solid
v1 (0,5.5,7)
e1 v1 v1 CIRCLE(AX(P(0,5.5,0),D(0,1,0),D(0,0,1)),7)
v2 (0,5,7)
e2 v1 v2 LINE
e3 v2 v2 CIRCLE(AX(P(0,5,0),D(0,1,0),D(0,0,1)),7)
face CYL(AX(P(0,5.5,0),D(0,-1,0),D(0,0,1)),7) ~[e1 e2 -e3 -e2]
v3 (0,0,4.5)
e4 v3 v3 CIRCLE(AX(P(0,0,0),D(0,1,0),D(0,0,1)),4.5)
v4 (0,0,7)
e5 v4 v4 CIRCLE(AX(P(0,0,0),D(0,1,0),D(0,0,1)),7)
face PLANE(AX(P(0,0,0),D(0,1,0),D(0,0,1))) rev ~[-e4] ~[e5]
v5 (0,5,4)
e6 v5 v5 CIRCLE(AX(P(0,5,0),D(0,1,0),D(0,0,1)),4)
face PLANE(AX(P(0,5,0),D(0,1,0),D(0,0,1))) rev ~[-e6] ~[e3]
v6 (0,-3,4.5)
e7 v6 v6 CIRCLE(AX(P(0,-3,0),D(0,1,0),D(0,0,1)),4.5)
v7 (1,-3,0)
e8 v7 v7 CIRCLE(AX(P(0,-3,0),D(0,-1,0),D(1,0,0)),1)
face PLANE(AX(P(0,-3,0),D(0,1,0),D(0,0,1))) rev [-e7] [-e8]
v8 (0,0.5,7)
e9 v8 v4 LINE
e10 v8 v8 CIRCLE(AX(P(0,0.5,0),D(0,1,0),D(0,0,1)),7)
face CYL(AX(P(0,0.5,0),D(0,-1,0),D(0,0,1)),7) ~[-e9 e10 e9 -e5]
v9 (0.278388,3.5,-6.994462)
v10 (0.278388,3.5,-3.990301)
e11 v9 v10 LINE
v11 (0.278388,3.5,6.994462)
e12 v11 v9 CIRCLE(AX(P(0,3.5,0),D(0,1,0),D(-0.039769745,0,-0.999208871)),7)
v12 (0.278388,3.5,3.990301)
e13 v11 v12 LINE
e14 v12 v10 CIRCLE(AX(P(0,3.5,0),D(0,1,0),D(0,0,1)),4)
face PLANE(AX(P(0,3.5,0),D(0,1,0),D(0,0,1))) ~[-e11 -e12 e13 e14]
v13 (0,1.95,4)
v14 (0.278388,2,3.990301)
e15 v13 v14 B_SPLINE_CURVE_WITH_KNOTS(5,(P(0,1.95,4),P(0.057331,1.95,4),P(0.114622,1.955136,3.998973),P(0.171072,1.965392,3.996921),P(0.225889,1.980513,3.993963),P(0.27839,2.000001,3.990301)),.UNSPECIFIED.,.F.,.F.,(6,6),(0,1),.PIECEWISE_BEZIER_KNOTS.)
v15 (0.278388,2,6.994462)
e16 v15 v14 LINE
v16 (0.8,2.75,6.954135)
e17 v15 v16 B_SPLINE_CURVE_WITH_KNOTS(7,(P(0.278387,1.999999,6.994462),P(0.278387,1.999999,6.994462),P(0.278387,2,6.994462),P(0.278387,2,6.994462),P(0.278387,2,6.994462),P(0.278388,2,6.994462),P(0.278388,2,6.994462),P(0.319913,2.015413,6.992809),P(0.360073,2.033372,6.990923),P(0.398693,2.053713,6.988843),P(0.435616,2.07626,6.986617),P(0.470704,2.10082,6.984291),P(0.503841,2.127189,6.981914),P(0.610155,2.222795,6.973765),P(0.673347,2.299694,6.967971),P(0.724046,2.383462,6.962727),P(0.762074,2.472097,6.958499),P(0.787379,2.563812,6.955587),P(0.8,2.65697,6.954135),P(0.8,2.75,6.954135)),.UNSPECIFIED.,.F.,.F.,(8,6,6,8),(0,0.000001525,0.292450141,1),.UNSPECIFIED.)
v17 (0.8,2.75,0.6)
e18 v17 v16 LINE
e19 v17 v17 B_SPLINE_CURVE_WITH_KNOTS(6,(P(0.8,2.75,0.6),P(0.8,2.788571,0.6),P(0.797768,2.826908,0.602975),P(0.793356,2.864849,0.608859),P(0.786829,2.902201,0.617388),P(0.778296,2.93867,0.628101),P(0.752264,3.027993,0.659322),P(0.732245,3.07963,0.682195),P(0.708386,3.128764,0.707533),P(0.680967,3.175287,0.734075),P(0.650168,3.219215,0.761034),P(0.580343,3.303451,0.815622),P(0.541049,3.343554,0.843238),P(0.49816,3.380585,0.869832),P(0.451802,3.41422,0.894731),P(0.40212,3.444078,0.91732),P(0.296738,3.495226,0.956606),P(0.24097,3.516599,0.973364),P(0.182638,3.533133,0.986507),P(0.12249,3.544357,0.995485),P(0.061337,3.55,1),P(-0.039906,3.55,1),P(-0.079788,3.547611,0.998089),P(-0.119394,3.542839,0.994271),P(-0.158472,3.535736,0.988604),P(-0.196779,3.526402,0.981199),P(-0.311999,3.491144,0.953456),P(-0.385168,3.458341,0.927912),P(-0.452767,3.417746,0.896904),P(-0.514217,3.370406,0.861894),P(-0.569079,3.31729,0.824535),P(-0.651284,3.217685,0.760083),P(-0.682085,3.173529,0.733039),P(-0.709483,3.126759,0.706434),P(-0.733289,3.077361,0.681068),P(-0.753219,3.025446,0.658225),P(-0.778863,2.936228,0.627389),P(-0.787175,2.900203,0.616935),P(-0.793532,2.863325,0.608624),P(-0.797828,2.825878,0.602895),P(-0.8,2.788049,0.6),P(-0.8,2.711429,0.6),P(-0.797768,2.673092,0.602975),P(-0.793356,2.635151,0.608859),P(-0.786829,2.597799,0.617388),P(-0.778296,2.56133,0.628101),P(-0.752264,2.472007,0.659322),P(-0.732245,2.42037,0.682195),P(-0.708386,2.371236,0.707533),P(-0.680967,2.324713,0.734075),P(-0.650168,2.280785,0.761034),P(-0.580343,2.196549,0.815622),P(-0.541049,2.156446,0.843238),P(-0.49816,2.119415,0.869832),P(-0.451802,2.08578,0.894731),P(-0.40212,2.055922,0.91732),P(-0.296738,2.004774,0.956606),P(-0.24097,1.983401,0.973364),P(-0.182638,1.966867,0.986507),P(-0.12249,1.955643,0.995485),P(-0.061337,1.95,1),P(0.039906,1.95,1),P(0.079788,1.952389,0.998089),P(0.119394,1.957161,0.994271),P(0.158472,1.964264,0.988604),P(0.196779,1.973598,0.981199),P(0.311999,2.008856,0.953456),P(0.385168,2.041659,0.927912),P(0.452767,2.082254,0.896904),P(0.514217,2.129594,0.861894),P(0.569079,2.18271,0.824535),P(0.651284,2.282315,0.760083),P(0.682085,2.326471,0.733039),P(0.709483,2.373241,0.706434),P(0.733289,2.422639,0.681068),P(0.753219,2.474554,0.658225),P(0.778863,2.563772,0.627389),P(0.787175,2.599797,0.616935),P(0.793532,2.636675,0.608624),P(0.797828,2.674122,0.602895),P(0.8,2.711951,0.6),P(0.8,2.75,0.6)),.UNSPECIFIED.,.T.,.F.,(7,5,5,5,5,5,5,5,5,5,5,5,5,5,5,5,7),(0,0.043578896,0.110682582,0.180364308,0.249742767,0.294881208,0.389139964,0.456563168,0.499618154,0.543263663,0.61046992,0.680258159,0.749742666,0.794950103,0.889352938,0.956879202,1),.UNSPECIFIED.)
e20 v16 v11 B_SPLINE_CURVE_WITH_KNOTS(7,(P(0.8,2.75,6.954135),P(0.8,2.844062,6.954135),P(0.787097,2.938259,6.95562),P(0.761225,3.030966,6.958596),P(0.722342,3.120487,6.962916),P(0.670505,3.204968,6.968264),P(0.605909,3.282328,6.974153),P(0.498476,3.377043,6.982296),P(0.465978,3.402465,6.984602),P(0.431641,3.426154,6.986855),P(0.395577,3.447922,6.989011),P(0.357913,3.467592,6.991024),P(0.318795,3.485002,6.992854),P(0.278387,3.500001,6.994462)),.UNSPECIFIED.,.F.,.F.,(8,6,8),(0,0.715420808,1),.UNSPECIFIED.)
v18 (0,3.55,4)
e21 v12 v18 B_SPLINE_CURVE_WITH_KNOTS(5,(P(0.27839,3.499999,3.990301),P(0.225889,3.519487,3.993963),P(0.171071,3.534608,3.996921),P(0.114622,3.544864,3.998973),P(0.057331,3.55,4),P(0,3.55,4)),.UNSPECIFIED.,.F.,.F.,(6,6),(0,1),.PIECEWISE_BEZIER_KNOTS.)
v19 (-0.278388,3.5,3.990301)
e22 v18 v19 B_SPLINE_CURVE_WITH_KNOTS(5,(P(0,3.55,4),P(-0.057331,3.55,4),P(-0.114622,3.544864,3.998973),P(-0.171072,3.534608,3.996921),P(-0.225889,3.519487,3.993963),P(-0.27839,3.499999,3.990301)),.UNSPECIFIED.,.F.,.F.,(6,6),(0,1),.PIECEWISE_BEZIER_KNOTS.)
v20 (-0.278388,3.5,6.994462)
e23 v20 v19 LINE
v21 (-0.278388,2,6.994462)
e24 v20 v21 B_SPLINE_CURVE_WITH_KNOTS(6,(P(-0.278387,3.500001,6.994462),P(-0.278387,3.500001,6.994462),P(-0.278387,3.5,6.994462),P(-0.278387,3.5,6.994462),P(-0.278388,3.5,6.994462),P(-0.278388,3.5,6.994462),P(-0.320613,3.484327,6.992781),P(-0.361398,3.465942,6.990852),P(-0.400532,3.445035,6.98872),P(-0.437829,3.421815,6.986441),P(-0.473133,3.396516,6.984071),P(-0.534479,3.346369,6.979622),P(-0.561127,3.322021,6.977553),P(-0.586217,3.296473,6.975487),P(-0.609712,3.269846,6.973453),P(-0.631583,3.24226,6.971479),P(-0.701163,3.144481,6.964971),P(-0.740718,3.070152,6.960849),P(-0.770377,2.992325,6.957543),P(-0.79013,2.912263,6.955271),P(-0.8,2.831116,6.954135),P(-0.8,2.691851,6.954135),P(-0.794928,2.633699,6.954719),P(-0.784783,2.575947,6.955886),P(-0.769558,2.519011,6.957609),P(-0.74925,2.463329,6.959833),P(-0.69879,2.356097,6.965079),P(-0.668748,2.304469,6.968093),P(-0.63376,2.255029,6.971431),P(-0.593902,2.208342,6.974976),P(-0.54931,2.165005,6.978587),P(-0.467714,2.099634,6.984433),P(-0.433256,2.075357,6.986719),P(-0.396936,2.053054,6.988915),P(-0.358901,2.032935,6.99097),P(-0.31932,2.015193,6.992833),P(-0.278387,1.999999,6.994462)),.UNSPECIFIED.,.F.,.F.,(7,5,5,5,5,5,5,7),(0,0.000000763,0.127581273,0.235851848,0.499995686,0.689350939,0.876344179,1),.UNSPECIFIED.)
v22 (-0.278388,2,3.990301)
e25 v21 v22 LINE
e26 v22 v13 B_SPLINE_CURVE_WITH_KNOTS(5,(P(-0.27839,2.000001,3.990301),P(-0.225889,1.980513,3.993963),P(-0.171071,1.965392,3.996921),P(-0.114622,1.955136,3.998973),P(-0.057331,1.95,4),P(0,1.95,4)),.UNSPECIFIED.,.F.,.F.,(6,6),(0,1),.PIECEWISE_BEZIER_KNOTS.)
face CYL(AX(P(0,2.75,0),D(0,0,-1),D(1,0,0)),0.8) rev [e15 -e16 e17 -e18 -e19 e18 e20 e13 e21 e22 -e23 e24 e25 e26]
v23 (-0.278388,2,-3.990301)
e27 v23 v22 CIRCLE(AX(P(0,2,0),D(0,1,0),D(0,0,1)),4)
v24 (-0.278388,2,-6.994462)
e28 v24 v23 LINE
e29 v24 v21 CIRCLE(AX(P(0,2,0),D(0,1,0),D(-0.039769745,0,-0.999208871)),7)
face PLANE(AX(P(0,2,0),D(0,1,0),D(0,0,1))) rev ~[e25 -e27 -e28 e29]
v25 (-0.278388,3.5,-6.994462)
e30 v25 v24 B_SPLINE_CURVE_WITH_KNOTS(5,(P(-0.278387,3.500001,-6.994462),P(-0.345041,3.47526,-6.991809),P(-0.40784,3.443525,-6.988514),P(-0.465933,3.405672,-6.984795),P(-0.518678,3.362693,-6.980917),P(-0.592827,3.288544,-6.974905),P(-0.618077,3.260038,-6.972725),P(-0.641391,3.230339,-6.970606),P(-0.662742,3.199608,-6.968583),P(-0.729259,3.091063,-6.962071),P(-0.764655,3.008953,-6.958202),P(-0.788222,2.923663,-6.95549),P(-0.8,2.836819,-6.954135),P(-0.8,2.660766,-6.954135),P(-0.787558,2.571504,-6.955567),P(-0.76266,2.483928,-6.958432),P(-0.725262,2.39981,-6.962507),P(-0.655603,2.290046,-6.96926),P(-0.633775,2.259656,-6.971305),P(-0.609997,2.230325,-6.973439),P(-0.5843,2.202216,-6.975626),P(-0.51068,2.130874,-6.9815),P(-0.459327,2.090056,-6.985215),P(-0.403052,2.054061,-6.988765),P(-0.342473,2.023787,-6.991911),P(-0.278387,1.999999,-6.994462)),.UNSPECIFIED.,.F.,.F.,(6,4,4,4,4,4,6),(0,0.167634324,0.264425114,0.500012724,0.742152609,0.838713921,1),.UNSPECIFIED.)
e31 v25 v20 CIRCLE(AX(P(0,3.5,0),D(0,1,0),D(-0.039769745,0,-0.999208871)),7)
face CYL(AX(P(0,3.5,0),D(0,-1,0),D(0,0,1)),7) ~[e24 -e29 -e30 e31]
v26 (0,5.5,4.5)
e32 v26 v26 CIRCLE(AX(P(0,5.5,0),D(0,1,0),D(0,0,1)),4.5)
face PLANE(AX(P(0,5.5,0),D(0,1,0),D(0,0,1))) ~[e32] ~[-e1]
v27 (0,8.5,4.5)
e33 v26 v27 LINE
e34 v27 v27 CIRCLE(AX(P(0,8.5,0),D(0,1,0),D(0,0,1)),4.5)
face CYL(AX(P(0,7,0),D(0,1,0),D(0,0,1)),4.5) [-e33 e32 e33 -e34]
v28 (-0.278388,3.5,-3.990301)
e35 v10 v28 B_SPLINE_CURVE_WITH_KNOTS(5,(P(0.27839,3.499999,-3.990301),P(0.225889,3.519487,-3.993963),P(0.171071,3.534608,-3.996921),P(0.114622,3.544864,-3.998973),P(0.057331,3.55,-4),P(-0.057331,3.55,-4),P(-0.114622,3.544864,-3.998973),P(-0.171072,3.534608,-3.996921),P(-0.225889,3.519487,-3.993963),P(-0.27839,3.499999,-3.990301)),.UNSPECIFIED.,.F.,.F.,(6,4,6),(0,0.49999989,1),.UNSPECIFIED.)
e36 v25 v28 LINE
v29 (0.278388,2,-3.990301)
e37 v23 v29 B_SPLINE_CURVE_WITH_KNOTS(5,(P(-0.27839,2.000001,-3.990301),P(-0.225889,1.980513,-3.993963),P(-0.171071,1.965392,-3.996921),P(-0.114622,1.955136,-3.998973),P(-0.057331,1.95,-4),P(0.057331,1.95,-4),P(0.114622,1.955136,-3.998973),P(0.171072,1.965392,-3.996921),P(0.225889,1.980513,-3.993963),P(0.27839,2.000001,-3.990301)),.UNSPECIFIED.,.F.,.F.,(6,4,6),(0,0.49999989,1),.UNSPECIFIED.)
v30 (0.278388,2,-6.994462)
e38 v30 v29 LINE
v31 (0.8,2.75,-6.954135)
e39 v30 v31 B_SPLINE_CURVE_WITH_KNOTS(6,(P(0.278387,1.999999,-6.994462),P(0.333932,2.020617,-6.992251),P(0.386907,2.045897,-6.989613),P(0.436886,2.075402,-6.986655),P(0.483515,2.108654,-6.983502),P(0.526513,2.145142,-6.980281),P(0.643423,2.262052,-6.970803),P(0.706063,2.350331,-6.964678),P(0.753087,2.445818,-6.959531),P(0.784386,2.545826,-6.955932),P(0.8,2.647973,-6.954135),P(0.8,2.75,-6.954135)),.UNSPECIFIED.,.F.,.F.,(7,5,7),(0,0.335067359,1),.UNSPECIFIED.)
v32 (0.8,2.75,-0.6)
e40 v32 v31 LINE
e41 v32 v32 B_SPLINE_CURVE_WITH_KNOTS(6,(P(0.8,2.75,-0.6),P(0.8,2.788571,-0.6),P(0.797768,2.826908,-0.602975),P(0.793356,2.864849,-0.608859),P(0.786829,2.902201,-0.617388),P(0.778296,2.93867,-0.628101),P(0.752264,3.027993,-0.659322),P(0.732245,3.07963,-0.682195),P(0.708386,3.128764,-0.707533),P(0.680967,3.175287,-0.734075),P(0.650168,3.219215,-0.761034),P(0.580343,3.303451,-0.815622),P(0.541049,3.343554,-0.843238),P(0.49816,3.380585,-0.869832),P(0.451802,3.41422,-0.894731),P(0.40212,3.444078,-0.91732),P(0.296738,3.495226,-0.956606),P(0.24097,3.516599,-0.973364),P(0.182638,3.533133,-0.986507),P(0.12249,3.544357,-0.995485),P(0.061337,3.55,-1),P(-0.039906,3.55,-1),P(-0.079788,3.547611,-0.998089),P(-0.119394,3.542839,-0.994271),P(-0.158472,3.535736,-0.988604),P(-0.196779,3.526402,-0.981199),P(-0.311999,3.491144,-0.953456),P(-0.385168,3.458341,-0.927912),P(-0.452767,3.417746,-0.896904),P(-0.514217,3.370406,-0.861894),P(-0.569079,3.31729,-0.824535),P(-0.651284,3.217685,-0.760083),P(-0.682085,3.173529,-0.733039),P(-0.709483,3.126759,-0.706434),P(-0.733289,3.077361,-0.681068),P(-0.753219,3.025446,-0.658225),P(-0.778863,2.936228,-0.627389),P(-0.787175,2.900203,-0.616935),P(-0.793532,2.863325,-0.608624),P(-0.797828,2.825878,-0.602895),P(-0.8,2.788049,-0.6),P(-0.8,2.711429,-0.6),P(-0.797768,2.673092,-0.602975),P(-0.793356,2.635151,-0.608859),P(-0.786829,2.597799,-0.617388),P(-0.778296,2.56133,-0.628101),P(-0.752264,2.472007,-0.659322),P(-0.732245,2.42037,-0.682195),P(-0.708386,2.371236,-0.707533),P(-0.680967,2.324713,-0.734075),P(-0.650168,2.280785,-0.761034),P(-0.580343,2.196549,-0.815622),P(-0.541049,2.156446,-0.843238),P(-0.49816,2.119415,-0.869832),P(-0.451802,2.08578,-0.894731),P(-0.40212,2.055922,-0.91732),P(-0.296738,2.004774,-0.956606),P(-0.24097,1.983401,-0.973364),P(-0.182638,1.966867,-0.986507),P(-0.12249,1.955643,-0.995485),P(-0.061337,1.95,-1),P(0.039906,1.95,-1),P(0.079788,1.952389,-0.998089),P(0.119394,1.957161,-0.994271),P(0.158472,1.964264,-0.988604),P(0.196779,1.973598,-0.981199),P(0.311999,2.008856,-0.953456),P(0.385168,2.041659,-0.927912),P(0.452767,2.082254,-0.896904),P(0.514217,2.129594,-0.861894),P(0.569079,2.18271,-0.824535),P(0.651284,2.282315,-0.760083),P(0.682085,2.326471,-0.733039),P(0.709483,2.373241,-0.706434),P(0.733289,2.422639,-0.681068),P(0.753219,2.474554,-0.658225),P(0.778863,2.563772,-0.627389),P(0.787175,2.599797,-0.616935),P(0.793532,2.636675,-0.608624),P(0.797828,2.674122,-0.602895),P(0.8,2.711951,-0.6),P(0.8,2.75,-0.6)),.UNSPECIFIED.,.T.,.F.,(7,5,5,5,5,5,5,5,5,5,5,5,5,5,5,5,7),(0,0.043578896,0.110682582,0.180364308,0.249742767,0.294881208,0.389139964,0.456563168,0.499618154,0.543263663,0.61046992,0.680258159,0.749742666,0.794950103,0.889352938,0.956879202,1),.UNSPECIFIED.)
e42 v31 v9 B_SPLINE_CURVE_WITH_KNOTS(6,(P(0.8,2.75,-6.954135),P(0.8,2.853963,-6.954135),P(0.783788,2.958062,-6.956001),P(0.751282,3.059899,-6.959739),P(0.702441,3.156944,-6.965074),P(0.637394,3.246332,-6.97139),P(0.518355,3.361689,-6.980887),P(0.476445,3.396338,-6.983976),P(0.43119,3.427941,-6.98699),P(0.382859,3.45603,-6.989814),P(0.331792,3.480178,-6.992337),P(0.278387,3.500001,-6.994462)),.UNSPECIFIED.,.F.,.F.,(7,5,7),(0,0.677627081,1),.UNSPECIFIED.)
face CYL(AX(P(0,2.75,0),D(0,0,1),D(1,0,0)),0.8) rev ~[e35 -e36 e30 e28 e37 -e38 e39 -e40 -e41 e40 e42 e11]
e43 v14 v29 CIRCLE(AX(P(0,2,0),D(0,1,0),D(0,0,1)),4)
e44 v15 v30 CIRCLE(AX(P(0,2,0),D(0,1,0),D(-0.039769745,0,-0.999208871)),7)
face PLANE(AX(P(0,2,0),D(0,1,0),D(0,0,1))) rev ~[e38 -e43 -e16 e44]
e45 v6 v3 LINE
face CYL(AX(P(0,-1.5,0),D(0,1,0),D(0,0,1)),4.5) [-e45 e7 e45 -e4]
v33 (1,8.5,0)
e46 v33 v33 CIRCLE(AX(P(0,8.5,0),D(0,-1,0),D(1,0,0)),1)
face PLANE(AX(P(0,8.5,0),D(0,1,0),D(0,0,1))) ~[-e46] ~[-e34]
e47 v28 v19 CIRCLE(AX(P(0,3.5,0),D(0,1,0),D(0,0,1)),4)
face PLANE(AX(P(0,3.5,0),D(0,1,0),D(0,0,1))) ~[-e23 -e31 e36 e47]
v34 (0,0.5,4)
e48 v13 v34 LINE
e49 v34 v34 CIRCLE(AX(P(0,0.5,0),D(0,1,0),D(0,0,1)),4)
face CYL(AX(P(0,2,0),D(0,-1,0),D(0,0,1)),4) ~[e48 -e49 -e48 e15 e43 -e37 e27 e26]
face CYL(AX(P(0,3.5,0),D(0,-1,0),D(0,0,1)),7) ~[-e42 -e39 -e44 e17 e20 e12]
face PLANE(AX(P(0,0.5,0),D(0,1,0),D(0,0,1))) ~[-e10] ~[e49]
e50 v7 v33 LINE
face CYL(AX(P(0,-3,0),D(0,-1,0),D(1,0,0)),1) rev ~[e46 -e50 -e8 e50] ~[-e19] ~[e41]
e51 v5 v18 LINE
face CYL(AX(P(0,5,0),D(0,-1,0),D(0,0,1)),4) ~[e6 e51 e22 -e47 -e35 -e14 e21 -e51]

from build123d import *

# Parameters (mm, degrees)
F0_W          = 3
F0_H          = 4.5
F2_R          = 0.8
F3_DEPTH      = 25
F4_DEPTH      = 25
F4_DEPTH_BACK = 25
F5_R          = 1
F6_DEPTH      = 25


with BuildPart() as f1:
    # F0 (on Right) → F1 (revolve)
    with BuildSketch(Plane.YZ):
        Polygon((0, 4.5), (0, 0), (5.5, 0), (5.5, 4.5), (5.5, 7), (5, 7), (5, 4), (3.5, 4), (3.5, 7), (2, 7), (2, 4), (0.5, 4), (0.5, 7), (0, 7), align=None)
        with Locations((7, 2.25)):
            Rectangle(F0_W, F0_H)
        with Locations((-1.5, 2.25)):
            Rectangle(F0_W, F0_H)
    revolve(axis=Axis((0, 2.7052562218, 0), (0, 1, 0)))

    # F2 (on Top) → F3 (cut)
    with BuildSketch(Plane.XY):
        with Locations((0, 2.75)):
            Circle(F2_R)
    extrude(amount=-F3_DEPTH, mode=Mode.SUBTRACT)

    # F2 (on Top) → F4 (cut, two sides)
    with BuildSketch(Plane.XY) as f4_sk:
        with Locations((0, 2.75)):
            Circle(F2_R)
    extrude(amount=-F4_DEPTH, mode=Mode.SUBTRACT)
    extrude(f4_sk.sketch, amount=F4_DEPTH_BACK, mode=Mode.SUBTRACT)

    # F5 (on face) → F6 (cut)
    with BuildSketch(Plane.XZ.offset(3)):
        Circle(F5_R)
    extrude(amount=-F6_DEPTH, mode=Mode.SUBTRACT)


solid = f1.part
